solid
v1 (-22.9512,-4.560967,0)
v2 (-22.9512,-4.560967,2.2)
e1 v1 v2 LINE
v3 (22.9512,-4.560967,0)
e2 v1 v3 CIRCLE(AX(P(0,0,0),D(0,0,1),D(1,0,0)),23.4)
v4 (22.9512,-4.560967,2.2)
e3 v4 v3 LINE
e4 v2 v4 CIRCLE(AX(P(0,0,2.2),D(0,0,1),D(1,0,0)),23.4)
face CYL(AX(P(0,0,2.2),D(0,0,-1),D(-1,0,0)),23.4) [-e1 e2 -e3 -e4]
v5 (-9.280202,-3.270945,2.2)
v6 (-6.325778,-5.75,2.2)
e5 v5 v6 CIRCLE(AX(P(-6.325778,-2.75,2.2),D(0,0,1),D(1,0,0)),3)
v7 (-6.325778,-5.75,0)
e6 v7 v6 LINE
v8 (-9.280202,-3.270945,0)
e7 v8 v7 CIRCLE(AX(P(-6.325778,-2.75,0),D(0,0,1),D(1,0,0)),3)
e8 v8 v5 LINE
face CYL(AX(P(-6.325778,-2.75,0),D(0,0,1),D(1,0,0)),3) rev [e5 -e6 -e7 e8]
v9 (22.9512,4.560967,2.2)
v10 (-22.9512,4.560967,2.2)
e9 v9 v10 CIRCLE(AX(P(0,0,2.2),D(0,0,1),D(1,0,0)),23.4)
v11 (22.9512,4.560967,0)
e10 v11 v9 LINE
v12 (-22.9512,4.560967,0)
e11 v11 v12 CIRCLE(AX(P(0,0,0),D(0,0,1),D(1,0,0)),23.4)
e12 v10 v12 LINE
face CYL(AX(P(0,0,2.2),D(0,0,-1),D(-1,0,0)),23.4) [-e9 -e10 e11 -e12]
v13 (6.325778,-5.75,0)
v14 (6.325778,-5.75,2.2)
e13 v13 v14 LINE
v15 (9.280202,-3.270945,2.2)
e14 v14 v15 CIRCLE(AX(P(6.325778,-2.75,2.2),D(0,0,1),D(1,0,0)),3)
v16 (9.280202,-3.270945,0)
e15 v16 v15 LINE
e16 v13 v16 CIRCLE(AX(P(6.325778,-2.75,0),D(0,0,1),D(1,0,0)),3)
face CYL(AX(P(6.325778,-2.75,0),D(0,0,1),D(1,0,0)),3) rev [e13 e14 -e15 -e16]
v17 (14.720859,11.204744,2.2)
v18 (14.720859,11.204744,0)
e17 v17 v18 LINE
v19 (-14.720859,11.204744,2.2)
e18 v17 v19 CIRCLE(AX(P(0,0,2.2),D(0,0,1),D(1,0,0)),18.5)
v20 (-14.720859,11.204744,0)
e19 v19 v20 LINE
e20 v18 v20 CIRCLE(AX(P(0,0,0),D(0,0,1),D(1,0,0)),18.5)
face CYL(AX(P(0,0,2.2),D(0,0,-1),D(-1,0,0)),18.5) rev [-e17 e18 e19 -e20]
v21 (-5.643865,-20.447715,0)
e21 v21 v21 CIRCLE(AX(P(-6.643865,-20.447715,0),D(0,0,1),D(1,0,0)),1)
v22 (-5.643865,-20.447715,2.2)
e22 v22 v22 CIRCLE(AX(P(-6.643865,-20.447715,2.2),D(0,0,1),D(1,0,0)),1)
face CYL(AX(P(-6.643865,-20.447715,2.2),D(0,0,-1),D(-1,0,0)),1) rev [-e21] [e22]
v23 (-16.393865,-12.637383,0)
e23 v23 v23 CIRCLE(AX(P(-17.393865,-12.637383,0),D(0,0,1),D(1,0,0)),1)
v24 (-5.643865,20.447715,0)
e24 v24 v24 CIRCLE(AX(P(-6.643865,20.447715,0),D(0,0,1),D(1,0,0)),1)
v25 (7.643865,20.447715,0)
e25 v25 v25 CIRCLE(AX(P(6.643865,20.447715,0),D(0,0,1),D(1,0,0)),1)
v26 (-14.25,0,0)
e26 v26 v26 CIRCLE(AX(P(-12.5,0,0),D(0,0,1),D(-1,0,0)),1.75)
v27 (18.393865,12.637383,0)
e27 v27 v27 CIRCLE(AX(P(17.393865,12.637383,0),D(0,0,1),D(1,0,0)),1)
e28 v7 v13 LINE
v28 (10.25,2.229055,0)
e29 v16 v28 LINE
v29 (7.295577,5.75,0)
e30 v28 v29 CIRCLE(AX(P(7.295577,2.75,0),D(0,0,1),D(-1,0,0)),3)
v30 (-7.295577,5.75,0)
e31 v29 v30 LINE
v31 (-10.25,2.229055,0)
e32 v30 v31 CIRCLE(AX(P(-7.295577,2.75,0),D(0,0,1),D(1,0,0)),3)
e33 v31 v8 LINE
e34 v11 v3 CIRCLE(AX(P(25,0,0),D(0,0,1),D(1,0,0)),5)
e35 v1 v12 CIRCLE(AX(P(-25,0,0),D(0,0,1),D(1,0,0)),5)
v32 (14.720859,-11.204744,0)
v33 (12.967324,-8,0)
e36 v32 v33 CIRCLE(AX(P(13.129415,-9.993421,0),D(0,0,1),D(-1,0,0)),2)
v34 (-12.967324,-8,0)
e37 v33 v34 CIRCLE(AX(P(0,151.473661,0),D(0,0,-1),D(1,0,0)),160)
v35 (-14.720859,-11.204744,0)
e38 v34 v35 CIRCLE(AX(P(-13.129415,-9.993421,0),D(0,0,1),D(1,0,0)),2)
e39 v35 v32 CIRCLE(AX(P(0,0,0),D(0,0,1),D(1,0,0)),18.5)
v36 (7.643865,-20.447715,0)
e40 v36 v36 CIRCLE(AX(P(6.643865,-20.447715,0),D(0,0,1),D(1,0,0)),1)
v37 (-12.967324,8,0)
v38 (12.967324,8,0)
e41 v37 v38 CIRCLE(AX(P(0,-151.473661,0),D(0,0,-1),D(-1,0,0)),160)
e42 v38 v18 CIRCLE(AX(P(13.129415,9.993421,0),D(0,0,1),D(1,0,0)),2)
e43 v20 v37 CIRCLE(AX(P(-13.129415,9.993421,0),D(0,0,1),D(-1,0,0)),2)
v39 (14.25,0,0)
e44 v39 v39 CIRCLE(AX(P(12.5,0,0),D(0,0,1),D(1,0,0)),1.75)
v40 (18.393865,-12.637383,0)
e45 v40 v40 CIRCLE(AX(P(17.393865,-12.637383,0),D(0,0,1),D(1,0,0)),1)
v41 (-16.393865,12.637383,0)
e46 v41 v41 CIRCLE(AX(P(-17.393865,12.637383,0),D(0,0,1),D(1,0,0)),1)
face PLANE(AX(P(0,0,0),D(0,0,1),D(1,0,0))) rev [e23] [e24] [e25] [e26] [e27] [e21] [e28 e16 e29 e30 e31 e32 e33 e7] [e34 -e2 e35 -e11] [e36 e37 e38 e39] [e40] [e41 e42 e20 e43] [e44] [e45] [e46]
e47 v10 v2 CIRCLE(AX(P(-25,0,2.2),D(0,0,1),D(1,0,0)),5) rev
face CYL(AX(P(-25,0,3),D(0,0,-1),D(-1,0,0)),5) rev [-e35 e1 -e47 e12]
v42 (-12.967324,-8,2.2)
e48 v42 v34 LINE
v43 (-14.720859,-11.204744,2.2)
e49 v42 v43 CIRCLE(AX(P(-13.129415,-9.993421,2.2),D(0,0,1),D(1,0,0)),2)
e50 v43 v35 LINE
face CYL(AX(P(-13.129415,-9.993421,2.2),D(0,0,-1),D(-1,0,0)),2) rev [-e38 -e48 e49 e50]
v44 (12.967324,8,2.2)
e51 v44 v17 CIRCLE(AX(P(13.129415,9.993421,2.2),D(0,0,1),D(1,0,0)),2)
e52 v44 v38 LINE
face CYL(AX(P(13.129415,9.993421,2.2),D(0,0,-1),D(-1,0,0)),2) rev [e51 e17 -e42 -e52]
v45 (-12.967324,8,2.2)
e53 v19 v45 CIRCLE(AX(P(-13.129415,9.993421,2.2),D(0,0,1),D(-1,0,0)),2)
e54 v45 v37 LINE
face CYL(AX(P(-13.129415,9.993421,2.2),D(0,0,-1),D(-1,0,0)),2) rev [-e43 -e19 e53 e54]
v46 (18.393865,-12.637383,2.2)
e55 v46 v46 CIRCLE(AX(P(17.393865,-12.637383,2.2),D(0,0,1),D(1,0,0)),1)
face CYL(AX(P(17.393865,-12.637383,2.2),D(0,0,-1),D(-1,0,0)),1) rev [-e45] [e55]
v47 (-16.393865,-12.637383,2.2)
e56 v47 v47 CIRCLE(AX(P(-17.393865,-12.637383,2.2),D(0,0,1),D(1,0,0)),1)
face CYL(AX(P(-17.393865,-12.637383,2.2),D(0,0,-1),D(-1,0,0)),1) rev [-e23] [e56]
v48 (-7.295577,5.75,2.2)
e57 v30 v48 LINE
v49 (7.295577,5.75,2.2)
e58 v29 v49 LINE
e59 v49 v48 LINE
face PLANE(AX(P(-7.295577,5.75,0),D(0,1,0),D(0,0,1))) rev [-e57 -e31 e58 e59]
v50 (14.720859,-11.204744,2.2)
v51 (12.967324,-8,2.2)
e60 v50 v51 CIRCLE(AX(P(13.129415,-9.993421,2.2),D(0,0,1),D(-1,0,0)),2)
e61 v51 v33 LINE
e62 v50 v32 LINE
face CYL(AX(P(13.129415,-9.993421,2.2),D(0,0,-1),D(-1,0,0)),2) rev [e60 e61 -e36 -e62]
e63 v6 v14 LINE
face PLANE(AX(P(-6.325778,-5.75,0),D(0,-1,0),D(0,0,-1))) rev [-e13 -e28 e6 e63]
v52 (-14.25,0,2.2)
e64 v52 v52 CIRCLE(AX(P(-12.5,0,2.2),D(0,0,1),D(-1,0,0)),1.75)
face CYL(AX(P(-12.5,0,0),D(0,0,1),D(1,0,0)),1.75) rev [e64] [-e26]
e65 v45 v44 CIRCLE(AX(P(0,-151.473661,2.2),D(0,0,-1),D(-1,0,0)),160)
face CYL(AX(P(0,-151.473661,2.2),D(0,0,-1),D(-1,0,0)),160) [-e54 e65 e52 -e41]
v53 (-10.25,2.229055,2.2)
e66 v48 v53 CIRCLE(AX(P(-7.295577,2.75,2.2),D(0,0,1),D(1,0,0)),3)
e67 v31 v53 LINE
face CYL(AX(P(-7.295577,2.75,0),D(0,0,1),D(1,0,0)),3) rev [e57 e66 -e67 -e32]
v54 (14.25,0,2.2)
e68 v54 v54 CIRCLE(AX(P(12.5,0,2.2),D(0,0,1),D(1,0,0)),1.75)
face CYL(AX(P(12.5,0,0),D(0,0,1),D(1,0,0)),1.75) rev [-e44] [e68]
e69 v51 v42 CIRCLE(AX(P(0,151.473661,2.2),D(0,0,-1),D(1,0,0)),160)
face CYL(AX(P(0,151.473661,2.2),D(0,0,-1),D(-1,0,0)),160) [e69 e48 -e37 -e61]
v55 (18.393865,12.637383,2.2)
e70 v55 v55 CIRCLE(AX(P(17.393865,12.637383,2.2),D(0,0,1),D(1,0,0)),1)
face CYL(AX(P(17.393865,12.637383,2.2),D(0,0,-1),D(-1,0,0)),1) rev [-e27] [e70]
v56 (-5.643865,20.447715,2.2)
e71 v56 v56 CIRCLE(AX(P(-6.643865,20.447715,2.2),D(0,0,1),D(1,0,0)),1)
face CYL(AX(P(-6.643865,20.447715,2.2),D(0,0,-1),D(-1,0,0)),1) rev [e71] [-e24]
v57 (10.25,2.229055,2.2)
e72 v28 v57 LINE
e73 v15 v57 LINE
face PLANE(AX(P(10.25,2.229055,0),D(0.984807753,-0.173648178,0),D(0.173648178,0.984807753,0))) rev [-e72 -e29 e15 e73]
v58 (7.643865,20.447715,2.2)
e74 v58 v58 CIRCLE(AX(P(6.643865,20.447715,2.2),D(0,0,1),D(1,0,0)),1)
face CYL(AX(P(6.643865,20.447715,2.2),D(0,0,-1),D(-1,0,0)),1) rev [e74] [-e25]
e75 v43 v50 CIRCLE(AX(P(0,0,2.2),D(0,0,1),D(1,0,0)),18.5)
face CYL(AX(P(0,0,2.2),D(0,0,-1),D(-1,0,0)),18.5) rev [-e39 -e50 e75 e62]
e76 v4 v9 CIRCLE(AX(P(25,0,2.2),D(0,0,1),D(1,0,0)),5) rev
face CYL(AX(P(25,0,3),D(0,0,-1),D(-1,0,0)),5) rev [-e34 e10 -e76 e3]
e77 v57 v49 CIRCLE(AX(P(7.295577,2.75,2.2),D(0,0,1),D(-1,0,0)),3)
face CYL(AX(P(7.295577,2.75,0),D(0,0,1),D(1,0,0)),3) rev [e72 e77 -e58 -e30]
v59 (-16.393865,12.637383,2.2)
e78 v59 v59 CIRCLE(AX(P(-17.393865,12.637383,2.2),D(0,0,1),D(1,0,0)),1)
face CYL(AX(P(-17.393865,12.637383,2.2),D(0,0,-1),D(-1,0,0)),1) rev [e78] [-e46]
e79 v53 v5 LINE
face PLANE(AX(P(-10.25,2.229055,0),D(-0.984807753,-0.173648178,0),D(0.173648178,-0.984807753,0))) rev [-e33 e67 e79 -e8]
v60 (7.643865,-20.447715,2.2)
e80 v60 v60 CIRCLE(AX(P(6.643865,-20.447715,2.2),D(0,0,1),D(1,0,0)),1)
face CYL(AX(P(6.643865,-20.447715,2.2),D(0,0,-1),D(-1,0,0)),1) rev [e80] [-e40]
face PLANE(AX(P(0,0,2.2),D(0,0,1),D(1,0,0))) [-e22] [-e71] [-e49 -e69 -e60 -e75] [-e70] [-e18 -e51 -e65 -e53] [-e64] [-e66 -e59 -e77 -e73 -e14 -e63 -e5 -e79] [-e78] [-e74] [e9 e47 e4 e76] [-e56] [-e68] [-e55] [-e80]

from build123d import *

# Parameters (mm, degrees)
SKIZZE1_R                       = 23.4
SKIZZE1_R_2                     = 1
LINEAR_AUSTRAGEN1_DEPTH         = 2.2
SKIZZE3_R                       = 1.75
SCHNITT_LINEAR_AUSTRAGEN3_DEPTH = 34.165644875
SKETCH1_R                       = 5
CUT_EXTRUDE1_DEPTH              = 3


with BuildPart() as part:
    # Skizze1 → Linear austragen1 (new body)
    with BuildSketch(Plane.XY):
        Circle(SKIZZE1_R)
        with Locations((6.643865379, 20.4477151)):
            Circle(SKIZZE1_R_2, mode=Mode.SUBTRACT)
        with Locations((17.393865379, 12.637382924)):
            Circle(SKIZZE1_R_2, mode=Mode.SUBTRACT)
        with Locations((17.393865379, -12.637382924)):
            Circle(SKIZZE1_R_2, mode=Mode.SUBTRACT)
        with Locations((-6.643865379, 20.4477151)):
            Circle(SKIZZE1_R_2, mode=Mode.SUBTRACT)
        with Locations((6.643865379, -20.4477151)):
            Circle(SKIZZE1_R_2, mode=Mode.SUBTRACT)
        with Locations((-6.643865379, -20.4477151)):
            Circle(SKIZZE1_R_2, mode=Mode.SUBTRACT)
        with Locations((-17.393865379, -12.637382924)):
            Circle(SKIZZE1_R_2, mode=Mode.SUBTRACT)
        with Locations((-17.393865379, 12.637382924)):
            Circle(SKIZZE1_R_2, mode=Mode.SUBTRACT)
        with BuildLine():
            ThreePointArc((14.720859381, 11.20474449), (0, 18.5), (-14.720859381, 11.20474449))
            ThreePointArc((-14.720859381, 11.20474449), (-14.883940446, 9.033399462), (-12.967323579, 8))
            ThreePointArc((-12.967323579, 8), (0, 8.526339105), (12.967323579, 8))
            ThreePointArc((12.967323579, 8), (14.883940446, 9.033399462), (14.720859381, 11.20474449))
        make_face(mode=Mode.SUBTRACT)
        with BuildLine():
            ThreePointArc((-14.720859381, -11.20474449), (0, -18.5), (14.720859381, -11.20474449))
            ThreePointArc((14.720859381, -11.20474449), (14.883940446, -9.033399462), (12.967323579, -8))
            ThreePointArc((12.967323579, -8), (0, -8.526339105), (-12.967323579, -8))
            ThreePointArc((-12.967323579, -8), (-14.883940446, -9.033399462), (-14.720859381, -11.20474449))
        make_face(mode=Mode.SUBTRACT)
    extrude(amount=LINEAR_AUSTRAGEN1_DEPTH)

    # Skizze3 → Schnitt-Linear austragen3 (cut, through all)
    with BuildSketch(Plane.XY.offset(2.2)):
        with Locations((12.5, 0)):
            Circle(SKIZZE3_R)
        with Locations(Location((-12.5, 0, 0), (0, 0, 180))):
            Circle(SKIZZE3_R)
        with BuildLine():
            Line((-7.295576741, 5.75), (7.295576741, 5.75))
            ThreePointArc((7.295576741, 5.75), (9.59371007, 4.678362829), (10.25, 2.229055467))
            Line((10.25, 2.229055467), (9.280201606, -3.270944533))
            ThreePointArc((9.280201606, -3.270944533), (8.254141176, -5.048133329), (6.325778347, -5.75))
            Line((6.325778347, -5.75), (-6.325778347, -5.75))
            ThreePointArc((-6.325778347, -5.75), (-8.254141176, -5.048133329), (-9.280201606, -3.270944533))
            Line((-9.280201606, -3.270944533), (-10.25, 2.229055467))
            ThreePointArc((-10.25, 2.229055467), (-9.59371007, 4.678362829), (-7.295576741, 5.75))
        make_face()
    extrude(amount=-SCHNITT_LINEAR_AUSTRAGEN3_DEPTH, mode=Mode.SUBTRACT)

    # Sketch1 → Cut-Extrude1 (cut)
    with BuildSketch(Plane.XY):
        with Locations((-25, 0)):
            Circle(SKETCH1_R)
        with Locations((25, 0)):
            Circle(SKETCH1_R)
    extrude(amount=CUT_EXTRUDE1_DEPTH, mode=Mode.SUBTRACT)


solid = part.part
